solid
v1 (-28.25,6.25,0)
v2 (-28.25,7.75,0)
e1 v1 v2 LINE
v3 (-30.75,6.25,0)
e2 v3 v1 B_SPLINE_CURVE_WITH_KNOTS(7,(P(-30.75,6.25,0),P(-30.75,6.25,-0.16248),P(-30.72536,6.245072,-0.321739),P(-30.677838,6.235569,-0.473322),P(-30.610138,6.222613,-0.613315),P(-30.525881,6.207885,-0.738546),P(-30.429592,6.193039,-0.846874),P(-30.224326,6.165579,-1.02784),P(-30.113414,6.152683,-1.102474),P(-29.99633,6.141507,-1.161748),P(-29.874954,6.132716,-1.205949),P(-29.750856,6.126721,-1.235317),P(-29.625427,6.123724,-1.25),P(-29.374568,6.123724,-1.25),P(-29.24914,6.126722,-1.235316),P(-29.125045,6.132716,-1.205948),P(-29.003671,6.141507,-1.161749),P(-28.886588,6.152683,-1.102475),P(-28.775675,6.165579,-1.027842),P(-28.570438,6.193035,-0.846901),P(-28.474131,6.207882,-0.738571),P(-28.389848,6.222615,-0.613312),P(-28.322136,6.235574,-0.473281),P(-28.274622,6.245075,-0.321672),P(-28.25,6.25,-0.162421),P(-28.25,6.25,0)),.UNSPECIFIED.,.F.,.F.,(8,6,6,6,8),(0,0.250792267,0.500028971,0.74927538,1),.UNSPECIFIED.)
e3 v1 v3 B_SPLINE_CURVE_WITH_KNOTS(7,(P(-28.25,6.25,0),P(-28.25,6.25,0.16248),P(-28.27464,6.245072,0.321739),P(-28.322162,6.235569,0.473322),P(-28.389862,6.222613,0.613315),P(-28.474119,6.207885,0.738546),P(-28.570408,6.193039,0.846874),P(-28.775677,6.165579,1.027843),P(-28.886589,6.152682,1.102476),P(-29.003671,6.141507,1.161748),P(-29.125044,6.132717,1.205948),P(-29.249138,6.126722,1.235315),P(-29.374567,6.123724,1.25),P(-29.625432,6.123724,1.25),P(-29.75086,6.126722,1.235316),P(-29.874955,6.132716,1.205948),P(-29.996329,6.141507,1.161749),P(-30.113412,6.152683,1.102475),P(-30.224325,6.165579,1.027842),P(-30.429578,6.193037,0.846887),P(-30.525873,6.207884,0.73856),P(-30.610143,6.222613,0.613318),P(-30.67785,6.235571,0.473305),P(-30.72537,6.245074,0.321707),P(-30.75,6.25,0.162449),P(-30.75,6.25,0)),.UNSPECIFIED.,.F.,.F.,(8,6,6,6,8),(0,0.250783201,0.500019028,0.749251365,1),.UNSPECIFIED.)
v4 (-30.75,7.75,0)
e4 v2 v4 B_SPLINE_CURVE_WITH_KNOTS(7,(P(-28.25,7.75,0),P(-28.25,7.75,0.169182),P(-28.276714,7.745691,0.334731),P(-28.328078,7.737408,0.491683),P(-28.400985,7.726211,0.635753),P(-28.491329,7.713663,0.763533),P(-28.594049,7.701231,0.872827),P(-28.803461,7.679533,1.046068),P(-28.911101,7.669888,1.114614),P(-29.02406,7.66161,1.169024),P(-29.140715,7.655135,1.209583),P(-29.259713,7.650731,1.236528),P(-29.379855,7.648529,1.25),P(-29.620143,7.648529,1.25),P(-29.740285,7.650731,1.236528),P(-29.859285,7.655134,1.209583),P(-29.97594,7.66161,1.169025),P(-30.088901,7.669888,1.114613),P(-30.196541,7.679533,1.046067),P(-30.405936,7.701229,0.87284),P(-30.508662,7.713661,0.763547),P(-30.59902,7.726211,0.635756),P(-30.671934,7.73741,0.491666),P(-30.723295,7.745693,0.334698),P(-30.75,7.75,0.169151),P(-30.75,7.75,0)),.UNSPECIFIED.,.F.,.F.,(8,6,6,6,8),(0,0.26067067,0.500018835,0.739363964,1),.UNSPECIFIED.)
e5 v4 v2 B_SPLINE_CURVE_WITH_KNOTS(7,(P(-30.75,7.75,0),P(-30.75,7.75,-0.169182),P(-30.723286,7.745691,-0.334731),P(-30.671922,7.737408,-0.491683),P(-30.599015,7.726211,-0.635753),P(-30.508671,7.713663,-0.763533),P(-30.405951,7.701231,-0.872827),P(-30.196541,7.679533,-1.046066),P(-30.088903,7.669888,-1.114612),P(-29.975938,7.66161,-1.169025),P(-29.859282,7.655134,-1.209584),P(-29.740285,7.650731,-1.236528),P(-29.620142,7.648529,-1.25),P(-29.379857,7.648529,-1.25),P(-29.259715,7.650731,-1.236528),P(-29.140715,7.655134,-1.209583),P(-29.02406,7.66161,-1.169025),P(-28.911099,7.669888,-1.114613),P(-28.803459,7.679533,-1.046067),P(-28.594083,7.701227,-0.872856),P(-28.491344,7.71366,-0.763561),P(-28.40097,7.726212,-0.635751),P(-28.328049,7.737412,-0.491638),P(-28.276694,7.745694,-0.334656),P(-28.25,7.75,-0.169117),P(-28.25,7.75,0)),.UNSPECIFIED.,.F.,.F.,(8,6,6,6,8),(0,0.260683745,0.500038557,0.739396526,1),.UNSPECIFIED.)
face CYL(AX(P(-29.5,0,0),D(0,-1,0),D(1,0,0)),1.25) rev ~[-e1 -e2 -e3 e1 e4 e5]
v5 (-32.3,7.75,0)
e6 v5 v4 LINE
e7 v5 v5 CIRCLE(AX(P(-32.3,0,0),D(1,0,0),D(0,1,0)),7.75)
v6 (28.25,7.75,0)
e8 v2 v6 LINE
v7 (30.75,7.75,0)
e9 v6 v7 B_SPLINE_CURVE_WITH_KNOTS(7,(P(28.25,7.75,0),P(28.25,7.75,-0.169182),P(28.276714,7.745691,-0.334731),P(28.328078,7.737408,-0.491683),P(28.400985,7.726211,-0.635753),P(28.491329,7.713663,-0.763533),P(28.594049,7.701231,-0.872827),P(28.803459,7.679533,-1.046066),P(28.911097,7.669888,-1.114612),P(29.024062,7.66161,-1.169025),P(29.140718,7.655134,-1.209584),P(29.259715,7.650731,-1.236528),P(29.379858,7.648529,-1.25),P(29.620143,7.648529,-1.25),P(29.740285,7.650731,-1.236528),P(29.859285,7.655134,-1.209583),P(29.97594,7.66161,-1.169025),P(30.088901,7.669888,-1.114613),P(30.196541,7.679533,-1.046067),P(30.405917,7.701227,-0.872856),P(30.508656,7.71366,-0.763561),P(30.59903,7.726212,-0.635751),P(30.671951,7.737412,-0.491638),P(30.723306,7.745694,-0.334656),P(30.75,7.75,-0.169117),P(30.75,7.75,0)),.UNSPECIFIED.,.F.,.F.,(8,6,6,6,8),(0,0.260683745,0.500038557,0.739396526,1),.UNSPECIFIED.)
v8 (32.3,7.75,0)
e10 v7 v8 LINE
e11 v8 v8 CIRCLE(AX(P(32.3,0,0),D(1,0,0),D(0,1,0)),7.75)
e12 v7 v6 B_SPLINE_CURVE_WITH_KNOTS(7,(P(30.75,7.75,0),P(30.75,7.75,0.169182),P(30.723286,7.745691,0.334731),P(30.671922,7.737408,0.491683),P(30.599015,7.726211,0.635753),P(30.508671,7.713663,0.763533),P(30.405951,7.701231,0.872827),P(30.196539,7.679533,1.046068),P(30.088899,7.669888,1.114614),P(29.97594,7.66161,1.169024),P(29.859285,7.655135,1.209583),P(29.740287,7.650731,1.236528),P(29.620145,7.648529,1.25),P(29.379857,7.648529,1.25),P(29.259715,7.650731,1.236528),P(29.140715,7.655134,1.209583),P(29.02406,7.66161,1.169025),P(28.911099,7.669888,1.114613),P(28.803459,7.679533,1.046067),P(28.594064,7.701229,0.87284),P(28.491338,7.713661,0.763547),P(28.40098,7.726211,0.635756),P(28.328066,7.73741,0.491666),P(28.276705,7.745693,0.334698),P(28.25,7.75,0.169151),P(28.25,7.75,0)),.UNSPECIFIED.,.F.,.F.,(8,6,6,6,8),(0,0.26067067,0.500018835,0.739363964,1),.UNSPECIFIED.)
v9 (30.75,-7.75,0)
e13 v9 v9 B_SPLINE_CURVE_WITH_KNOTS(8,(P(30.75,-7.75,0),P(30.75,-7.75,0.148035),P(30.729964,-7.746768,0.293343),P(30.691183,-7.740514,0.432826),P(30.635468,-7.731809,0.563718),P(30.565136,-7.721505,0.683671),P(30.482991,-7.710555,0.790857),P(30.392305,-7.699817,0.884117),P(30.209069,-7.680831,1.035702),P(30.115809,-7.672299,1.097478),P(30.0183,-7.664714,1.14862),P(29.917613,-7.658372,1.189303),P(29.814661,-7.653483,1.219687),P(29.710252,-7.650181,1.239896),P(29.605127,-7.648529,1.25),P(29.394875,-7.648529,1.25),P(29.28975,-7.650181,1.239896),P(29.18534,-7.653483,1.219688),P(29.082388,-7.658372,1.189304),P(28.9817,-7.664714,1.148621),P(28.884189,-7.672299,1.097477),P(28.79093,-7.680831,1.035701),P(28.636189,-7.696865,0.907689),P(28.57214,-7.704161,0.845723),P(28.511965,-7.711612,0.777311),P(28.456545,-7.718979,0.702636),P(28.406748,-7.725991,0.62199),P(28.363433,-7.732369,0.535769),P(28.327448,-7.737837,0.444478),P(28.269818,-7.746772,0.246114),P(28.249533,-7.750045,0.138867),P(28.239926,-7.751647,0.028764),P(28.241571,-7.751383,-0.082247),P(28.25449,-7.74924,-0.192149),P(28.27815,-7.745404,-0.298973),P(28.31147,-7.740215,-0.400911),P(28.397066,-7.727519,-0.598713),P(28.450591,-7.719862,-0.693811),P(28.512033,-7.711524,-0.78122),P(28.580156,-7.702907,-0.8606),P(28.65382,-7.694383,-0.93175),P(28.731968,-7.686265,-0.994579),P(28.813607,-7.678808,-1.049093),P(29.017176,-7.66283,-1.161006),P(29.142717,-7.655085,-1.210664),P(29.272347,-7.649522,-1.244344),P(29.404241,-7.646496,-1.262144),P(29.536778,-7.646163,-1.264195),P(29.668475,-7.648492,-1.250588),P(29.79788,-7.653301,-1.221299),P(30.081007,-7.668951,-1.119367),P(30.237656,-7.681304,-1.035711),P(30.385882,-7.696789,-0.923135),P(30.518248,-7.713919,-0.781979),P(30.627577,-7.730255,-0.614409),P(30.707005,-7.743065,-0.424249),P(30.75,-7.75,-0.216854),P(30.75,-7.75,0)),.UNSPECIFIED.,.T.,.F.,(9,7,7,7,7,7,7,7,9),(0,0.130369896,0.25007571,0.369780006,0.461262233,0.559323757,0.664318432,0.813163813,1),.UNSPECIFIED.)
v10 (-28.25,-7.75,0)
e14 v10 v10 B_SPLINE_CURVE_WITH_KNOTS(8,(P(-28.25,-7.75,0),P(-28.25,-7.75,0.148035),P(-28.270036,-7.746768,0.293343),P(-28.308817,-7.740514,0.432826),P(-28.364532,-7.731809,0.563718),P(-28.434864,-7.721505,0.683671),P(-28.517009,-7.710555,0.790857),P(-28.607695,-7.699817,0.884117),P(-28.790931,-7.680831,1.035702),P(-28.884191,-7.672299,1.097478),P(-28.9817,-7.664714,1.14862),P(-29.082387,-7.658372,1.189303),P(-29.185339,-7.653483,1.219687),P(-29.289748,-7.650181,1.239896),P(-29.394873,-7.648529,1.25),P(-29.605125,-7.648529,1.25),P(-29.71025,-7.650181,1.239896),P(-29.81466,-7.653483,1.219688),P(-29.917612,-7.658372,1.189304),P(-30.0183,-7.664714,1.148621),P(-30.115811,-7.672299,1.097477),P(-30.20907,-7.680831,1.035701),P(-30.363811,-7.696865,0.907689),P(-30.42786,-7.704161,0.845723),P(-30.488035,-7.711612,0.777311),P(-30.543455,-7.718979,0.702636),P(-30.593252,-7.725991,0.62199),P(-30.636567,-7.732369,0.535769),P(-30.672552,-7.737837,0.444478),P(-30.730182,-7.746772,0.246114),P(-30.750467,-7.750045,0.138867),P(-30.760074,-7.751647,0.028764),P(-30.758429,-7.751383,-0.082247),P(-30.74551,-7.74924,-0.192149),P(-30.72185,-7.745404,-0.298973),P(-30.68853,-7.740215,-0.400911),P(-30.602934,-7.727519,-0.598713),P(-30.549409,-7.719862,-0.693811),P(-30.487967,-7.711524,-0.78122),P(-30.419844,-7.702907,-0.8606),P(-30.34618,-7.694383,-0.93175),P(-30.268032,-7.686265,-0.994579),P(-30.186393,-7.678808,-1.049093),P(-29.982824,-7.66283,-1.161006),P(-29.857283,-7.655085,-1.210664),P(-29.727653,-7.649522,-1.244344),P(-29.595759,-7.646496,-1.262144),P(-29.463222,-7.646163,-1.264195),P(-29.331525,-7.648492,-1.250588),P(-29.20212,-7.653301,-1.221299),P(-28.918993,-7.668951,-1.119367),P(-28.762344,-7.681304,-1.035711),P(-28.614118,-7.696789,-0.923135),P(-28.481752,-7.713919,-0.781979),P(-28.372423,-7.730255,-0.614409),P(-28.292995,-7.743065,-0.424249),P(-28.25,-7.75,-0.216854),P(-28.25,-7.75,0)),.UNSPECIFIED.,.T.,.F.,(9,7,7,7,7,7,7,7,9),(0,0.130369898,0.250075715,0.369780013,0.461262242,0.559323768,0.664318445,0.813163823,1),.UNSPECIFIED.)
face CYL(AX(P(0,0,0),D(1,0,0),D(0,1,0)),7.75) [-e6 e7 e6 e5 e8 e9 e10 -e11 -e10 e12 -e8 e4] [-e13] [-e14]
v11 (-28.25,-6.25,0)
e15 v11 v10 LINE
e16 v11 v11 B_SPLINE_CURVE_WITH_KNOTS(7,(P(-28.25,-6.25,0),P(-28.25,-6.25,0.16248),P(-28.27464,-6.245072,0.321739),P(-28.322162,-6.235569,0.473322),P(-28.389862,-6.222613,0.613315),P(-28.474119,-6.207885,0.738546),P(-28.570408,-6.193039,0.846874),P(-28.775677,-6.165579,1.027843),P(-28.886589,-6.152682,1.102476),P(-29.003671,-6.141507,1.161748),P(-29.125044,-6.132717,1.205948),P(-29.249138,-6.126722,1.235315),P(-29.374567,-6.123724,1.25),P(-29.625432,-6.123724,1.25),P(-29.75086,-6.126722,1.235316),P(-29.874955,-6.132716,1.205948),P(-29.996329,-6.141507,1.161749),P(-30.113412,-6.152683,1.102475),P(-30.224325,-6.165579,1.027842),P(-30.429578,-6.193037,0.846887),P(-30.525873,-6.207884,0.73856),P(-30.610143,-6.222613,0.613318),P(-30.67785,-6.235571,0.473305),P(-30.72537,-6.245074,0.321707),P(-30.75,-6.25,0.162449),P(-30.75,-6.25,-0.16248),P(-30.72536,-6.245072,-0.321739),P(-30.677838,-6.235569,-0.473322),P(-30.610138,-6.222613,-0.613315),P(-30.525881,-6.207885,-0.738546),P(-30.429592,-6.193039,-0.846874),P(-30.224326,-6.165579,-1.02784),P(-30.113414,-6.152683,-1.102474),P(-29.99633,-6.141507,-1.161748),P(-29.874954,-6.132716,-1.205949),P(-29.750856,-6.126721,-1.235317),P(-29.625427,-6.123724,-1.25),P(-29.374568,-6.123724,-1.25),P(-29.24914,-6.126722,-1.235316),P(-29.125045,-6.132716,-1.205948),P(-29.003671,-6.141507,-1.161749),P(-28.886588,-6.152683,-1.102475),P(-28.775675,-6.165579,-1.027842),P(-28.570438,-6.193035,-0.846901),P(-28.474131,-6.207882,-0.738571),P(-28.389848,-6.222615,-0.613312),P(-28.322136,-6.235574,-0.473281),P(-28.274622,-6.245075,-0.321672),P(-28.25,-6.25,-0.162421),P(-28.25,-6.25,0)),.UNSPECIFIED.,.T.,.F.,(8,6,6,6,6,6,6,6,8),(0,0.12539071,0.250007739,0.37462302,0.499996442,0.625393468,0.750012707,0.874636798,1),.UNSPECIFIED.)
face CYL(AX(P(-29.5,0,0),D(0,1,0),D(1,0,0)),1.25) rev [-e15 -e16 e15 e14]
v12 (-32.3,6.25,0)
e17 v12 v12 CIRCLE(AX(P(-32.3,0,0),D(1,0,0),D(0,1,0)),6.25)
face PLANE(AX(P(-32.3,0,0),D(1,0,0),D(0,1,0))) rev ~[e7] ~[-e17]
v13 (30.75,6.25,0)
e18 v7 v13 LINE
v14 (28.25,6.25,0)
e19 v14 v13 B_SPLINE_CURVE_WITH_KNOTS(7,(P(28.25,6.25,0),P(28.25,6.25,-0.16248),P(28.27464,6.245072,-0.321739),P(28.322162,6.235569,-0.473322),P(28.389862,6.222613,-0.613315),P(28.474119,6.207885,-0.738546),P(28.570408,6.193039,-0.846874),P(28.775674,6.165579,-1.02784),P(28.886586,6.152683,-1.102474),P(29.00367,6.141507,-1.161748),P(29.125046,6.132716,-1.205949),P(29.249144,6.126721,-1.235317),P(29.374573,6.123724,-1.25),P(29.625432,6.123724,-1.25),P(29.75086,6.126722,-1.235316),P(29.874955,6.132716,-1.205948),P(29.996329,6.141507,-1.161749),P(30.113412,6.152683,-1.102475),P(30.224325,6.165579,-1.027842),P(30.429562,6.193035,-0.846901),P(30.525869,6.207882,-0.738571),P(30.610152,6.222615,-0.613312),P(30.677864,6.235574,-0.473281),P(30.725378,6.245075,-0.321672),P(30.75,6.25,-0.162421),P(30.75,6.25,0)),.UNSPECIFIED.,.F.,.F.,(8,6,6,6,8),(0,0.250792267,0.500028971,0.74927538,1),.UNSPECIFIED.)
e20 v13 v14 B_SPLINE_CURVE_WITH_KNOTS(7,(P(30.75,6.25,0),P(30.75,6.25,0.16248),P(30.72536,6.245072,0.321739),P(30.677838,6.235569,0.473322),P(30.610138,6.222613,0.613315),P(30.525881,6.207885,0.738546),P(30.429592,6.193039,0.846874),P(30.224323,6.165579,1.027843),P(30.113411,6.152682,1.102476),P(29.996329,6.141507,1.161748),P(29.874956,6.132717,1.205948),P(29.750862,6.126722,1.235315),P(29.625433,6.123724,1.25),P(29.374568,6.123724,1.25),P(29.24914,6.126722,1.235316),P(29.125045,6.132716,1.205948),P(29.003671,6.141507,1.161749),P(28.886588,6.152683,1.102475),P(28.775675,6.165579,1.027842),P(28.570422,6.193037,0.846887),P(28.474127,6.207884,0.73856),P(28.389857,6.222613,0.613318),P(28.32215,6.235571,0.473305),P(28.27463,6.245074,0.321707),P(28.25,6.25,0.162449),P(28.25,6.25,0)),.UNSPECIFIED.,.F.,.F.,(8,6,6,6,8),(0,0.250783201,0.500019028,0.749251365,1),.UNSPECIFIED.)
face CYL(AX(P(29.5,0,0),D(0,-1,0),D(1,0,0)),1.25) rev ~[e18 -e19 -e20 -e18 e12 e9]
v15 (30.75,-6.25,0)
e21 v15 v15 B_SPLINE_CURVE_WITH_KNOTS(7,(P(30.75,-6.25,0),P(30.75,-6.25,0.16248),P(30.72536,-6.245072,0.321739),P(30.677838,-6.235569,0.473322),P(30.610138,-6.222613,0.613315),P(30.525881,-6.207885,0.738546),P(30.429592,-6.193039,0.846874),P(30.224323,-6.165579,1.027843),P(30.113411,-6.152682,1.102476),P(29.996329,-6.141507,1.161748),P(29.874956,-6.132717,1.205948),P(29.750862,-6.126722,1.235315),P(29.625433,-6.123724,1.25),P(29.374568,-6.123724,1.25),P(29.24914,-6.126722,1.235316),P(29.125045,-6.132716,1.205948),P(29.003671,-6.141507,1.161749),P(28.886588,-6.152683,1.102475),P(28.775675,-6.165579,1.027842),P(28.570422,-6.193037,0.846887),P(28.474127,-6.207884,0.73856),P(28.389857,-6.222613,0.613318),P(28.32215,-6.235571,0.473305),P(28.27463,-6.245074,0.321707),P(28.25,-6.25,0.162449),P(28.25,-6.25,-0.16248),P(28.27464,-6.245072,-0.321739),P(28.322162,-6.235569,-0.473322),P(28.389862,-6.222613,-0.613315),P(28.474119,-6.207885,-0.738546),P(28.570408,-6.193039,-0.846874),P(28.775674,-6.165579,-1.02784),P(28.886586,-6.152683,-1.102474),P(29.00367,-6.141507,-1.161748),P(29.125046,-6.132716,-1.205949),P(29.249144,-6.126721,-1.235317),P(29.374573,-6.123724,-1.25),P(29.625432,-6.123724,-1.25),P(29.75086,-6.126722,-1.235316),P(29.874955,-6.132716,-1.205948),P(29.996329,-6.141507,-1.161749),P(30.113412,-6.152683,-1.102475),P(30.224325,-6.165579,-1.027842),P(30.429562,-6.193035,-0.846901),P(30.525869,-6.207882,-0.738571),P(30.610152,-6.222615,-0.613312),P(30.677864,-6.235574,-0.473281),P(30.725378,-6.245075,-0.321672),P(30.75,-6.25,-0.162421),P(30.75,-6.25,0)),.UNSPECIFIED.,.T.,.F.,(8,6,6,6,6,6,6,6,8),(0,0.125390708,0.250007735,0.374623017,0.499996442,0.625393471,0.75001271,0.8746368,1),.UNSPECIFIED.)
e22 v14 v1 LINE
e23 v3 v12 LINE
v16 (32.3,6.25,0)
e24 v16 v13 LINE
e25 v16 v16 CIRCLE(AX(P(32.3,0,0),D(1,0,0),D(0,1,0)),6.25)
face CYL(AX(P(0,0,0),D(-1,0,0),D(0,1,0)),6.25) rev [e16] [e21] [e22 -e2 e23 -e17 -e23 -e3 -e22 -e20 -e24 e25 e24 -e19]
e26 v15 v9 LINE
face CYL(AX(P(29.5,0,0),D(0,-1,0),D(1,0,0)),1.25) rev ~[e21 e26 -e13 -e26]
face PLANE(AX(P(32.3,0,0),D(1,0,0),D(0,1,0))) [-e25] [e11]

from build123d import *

# Parameters (mm, degrees)
F0_R     = 7.75
F0_R_2   = 6.25
F1_DEPTH = 32.3
F2_R     = 1.25
F3_DEPTH = 12.5


with BuildPart() as f1:
    # F0 (on Right) → F1 (new body, symmetric)
    with BuildSketch(Plane.YZ):
        Circle(F0_R)
        Circle(F0_R_2, mode=Mode.SUBTRACT)
    extrude(amount=F1_DEPTH, both=True)

    # F2 (on Front) → F3 (cut, symmetric)
    with BuildSketch(Plane.XZ):
        with Locations((-29.5, 0)):
            Circle(F2_R)
        with Locations((29.5, 0)):
            Circle(F2_R)
    extrude(amount=F3_DEPTH, both=True, mode=Mode.SUBTRACT)


solid = f1.part
